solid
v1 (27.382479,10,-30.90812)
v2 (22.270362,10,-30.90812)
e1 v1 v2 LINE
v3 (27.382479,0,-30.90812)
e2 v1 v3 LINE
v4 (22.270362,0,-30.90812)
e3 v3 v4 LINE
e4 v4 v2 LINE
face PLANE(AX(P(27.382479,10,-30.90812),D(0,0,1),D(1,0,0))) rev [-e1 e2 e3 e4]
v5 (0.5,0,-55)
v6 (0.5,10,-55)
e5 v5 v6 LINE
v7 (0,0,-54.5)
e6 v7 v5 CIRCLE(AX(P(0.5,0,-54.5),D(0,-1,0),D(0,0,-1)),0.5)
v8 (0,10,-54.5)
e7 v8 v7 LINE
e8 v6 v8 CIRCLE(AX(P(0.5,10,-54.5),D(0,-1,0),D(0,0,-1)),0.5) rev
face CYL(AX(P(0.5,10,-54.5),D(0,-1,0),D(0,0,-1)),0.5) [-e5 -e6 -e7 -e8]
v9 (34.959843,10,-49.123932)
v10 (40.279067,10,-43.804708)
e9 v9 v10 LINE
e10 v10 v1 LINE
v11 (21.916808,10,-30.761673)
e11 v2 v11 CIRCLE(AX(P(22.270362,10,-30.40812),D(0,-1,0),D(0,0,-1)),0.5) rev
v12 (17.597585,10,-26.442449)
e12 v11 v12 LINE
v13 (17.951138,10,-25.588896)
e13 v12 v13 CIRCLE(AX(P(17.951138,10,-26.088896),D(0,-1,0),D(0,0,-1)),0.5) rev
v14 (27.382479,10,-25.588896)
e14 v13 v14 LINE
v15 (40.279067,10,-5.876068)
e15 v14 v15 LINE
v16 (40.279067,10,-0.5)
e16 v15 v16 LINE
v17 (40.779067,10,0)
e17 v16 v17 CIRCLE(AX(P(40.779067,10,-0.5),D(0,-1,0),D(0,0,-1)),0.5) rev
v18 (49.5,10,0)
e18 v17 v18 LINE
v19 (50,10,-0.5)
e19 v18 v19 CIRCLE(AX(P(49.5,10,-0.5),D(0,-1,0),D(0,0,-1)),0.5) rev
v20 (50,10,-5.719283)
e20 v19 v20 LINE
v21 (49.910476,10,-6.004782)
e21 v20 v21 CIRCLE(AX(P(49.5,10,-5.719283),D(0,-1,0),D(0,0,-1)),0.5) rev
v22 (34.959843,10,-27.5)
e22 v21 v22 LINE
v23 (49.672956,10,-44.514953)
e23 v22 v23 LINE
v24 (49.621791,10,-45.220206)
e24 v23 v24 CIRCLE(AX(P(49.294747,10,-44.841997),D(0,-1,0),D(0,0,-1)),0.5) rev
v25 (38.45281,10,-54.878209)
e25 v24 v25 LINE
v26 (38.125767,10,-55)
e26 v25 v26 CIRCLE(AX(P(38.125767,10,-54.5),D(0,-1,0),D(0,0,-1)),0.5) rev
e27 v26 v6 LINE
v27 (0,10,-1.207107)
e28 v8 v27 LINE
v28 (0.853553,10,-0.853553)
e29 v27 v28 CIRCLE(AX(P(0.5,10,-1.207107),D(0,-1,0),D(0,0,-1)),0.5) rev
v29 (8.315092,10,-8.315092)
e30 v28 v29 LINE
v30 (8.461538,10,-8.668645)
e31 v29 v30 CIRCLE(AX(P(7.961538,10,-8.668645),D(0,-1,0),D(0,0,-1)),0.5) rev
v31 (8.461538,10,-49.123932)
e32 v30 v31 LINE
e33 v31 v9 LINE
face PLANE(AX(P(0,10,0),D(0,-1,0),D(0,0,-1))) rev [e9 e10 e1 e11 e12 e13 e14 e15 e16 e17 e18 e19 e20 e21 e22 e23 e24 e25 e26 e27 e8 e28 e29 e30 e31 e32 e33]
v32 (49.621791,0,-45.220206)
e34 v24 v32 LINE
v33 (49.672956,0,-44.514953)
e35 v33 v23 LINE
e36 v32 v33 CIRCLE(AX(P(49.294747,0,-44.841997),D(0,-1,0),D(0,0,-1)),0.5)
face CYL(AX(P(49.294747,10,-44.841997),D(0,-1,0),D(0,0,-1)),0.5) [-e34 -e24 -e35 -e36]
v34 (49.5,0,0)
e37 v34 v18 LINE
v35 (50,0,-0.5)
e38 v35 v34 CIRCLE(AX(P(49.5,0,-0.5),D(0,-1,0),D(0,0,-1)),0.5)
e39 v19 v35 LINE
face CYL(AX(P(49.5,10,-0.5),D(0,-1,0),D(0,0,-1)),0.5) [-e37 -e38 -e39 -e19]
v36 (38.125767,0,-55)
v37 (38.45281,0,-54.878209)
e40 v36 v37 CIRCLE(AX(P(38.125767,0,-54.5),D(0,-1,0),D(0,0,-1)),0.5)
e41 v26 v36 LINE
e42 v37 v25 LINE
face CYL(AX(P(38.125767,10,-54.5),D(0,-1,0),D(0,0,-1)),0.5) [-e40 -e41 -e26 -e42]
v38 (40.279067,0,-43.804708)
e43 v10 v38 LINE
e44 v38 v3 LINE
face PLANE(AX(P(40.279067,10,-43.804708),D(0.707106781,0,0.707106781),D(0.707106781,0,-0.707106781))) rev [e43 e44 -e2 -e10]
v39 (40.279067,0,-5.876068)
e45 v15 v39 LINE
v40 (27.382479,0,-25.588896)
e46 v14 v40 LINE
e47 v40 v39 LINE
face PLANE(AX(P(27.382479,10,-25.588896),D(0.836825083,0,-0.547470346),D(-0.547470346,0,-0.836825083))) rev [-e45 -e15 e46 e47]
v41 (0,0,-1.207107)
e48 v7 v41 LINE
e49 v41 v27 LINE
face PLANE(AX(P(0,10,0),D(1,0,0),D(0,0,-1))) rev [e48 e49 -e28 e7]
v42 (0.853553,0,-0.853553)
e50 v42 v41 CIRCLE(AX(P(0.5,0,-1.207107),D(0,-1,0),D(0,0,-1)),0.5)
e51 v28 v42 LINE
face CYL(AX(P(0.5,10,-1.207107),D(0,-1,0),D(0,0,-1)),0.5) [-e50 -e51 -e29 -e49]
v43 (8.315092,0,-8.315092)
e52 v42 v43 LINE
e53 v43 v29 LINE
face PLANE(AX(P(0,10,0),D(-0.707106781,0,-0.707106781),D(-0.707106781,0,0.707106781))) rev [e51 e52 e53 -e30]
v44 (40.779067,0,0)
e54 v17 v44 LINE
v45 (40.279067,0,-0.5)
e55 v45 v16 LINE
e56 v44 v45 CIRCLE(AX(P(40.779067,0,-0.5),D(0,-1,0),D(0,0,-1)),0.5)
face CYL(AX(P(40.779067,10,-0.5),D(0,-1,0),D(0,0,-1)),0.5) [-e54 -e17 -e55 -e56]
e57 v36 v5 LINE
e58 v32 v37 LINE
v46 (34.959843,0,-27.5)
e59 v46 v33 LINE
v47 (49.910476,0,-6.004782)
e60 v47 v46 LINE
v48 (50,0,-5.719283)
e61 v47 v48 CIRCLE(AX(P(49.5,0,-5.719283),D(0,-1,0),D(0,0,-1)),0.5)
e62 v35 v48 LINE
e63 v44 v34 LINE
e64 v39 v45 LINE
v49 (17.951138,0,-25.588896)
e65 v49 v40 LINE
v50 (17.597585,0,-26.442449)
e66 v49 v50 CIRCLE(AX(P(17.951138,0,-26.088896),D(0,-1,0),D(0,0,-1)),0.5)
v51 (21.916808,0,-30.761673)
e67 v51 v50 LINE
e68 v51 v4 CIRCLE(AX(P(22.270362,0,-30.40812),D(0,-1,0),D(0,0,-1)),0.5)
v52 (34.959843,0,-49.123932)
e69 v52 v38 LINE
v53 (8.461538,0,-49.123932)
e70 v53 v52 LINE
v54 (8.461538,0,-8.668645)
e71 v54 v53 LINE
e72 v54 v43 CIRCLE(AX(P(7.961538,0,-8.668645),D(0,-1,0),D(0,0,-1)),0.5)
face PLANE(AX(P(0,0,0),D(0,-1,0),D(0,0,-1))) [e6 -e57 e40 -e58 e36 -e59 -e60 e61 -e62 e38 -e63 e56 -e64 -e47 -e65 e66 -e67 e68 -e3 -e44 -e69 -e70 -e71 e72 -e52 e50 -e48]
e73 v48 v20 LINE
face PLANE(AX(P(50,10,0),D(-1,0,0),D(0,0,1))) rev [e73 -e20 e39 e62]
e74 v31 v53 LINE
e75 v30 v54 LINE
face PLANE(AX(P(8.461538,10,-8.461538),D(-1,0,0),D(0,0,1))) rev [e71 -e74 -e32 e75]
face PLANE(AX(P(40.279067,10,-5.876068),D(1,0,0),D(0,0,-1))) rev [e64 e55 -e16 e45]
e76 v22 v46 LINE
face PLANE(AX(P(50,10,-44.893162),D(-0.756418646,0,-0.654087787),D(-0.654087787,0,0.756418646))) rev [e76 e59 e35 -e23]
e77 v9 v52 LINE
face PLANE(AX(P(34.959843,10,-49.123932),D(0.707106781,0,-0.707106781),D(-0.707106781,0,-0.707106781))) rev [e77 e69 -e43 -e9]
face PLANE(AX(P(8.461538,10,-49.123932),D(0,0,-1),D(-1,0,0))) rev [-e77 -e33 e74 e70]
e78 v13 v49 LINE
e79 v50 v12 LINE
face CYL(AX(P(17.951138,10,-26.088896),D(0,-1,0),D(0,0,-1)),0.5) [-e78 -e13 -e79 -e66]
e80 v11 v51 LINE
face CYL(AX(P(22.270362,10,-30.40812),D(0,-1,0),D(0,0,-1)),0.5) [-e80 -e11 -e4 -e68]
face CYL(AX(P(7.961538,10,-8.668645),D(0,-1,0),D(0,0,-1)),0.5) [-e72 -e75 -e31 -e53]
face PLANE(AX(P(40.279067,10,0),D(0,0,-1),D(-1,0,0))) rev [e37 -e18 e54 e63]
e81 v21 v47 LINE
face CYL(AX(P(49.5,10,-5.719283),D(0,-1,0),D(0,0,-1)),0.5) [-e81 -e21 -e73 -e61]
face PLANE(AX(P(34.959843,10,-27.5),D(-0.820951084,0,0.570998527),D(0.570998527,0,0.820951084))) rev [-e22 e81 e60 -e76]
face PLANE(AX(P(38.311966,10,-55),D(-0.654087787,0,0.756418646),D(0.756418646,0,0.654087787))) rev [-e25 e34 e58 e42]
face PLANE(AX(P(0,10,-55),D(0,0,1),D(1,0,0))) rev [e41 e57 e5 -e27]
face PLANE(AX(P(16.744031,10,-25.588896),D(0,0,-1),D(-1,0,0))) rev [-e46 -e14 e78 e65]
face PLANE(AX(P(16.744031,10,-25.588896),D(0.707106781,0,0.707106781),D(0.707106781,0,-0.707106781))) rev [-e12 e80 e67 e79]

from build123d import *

# Parameters (mm, degrees)
BOSS_EXTRUDE1_DEPTH = 10
FILLET1_R           = 0.5


with BuildPart() as part:
    # Sketch2 → Boss-Extrude1 (new body)
    with BuildSketch(Plane(origin=(0, 0, 0), x_dir=(1, 0, 0), z_dir=(0, 1, 0))):
        Polygon((0, 0), (8.461538462, 8.461538462), (8.461538462, 49.123931624), (34.959843123, 49.123931624), (40.27906686, 43.804707886), (27.382478632, 30.908119658), (22.063254895, 30.908119658), (16.744031157, 25.58889592), (27.382478632, 25.58889592), (40.27906686, 5.876068376), (40.27906686, 0), (50, 0), (50, 5.876068376), (34.959843123, 27.5), (50, 44.893162393), (38.311965812, 55), (0, 55), align=None)
    extrude(amount=BOSS_EXTRUDE1_DEPTH)

    # Fillet1
    fillet1_edges = [part.edges().sort_by_distance(p)[0] for p in [
        (0, 5, -55),
        (38.311965812, 5, -55),
        (50, 5, -44.893162393),
        (50, 5, -5.876068376),
        (50, 5, 0),
        (40.27906686, 5, 0),
        (16.744031157, 5, -25.58889592),
        (22.063254895, 5, -30.908119658),
        (8.461538462, 5, -8.461538462),
        (0, 5, 0),
    ]]
    fillet(fillet1_edges, radius=FILLET1_R)


solid = part.part
